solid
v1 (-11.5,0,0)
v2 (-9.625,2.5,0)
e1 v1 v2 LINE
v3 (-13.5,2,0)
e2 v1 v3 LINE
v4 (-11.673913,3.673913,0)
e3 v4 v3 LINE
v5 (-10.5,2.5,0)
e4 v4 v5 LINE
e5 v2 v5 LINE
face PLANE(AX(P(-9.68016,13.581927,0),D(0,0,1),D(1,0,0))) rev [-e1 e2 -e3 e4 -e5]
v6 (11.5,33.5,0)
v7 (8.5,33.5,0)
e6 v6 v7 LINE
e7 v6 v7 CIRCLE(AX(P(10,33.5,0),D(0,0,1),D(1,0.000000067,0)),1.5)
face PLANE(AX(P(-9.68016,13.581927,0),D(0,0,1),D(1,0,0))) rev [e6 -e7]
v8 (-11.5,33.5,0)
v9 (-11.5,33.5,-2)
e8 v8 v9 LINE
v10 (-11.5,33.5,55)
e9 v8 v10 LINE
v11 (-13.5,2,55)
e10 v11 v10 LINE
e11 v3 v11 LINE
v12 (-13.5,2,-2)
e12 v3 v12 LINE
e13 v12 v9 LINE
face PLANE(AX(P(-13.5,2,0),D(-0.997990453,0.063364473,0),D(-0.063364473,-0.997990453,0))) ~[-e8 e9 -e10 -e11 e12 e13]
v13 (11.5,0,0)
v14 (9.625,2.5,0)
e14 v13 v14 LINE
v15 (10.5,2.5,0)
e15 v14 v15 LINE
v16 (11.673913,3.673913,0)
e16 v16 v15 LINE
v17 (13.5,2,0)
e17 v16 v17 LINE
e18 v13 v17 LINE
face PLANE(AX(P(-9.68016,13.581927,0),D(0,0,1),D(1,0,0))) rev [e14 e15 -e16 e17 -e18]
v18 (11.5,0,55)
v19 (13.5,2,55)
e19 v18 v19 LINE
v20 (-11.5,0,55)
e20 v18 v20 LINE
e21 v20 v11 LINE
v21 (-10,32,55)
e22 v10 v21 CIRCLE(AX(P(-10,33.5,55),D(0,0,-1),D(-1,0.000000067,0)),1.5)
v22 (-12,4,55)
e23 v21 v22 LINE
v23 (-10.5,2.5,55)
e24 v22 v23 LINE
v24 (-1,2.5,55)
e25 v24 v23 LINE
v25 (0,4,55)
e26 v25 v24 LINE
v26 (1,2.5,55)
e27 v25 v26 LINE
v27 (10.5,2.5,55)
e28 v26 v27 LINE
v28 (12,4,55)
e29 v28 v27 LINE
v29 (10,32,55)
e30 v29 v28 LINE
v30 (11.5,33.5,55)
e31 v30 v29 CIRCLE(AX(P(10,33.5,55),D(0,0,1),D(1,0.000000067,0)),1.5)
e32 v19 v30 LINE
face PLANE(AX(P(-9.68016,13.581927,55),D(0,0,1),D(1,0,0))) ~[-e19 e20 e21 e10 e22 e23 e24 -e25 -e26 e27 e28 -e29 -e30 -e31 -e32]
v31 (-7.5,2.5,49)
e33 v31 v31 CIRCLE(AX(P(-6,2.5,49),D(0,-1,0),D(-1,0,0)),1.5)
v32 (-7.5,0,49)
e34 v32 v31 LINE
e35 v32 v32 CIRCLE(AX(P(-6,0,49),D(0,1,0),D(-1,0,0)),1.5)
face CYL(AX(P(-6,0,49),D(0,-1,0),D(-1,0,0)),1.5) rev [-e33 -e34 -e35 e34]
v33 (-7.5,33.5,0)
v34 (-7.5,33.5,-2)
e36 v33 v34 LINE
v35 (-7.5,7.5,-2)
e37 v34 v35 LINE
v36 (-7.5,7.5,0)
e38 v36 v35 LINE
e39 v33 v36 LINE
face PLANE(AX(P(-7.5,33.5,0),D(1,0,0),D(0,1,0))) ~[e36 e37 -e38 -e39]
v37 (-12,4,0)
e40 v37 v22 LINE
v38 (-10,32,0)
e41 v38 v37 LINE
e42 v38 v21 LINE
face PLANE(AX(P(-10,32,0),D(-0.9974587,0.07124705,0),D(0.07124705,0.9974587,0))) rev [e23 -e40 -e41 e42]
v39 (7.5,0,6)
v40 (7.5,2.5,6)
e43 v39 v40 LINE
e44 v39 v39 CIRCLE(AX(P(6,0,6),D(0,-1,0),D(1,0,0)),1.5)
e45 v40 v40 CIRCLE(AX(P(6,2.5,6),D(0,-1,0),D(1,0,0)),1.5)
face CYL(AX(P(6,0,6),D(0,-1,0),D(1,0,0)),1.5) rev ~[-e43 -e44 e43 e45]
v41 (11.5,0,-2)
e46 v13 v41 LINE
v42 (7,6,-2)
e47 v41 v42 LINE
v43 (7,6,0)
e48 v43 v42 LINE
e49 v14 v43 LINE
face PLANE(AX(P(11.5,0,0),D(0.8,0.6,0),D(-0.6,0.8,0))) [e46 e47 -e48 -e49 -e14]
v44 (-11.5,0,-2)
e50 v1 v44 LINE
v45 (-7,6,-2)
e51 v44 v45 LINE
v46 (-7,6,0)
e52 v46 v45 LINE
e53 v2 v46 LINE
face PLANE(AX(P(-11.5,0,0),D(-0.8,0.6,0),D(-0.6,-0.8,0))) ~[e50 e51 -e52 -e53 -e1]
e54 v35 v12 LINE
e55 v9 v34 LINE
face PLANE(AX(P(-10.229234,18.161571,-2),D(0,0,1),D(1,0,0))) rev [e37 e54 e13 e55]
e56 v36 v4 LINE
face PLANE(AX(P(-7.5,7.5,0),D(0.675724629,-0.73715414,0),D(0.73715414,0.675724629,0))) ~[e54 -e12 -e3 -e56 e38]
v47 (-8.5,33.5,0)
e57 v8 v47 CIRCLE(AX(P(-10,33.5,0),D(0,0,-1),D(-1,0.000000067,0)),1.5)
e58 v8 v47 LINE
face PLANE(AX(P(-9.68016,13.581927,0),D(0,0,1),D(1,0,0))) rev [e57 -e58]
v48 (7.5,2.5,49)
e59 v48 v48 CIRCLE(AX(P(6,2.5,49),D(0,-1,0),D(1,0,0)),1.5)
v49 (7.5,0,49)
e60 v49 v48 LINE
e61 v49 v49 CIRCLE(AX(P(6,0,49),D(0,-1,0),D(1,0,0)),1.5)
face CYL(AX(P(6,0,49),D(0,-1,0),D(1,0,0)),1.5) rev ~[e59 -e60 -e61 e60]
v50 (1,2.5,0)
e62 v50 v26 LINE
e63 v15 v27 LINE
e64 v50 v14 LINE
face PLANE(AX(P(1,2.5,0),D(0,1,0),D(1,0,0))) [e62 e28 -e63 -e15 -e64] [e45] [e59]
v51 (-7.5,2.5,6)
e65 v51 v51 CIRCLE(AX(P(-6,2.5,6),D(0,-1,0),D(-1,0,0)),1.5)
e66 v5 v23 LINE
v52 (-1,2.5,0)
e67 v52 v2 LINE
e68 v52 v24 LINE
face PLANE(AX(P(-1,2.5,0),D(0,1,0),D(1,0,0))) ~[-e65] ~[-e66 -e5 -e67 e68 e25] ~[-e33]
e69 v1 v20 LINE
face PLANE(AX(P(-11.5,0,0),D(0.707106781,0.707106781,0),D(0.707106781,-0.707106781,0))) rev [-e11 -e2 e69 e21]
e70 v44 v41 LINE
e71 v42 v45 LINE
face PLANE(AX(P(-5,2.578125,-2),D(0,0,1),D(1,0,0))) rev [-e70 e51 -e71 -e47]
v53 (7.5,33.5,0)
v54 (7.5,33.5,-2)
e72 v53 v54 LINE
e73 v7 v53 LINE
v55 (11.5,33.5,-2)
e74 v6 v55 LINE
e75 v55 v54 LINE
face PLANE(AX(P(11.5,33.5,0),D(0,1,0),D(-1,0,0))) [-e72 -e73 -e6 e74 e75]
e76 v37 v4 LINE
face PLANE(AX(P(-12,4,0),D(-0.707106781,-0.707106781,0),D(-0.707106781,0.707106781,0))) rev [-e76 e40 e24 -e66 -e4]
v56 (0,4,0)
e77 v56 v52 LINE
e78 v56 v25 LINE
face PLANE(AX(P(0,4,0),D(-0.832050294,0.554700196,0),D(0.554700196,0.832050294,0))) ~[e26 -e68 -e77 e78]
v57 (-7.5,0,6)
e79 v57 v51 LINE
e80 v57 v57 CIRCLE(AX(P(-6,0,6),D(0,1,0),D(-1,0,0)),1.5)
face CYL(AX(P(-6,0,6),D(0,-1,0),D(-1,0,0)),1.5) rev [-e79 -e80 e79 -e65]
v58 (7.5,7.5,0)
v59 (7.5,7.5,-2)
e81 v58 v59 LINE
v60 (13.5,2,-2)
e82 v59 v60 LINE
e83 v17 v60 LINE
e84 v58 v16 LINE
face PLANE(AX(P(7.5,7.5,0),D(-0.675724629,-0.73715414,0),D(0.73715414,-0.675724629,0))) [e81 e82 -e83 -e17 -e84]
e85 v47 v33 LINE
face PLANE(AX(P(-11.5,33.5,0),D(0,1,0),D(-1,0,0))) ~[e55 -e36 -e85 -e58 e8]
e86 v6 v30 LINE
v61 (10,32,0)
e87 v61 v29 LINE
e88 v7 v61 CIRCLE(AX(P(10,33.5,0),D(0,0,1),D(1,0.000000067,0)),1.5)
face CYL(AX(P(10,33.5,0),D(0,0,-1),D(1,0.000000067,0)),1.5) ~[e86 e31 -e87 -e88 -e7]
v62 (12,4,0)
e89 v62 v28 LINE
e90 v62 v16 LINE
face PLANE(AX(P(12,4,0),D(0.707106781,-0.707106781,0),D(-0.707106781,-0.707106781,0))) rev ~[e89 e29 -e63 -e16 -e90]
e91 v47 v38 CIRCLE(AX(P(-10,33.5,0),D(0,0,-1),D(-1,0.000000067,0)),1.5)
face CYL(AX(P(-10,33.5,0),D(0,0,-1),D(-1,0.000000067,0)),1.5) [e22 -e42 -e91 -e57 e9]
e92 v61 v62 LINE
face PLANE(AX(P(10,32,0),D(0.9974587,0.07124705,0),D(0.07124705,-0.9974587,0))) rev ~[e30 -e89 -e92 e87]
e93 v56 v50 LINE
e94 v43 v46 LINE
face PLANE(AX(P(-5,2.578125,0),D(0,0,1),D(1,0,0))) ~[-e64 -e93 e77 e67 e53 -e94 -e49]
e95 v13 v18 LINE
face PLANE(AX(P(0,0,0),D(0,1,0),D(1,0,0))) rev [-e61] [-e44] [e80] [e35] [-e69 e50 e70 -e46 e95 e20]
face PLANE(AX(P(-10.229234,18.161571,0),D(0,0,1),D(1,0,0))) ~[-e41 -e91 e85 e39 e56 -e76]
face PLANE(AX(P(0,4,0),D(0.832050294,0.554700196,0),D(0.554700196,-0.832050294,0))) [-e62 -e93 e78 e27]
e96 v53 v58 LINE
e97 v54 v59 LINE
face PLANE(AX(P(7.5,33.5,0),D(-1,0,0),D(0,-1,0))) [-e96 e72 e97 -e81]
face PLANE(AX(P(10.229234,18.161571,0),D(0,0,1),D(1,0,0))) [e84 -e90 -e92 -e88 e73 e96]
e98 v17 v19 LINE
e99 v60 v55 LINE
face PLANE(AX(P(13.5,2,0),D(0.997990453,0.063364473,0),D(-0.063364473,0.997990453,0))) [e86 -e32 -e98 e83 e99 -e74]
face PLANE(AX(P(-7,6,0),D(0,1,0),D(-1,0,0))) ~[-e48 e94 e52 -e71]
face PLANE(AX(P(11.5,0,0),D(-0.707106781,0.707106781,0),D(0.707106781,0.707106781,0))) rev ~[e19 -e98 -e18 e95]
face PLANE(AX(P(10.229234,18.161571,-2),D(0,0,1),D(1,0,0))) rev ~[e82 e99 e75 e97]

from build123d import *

# Parameters (mm, degrees)
PAD_DEPTH    = 55
PAD001_DEPTH = 2
SKETCH001_R  = 1.5
POCKET_DEPTH = 179.264648


with BuildPart() as part:
    # Sketch → Pad (new body)
    with BuildSketch(Plane.XY):
        with BuildLine():
            Line((11.5, 0), (13.5, 2))
            Line((13.5, 2), (11.5, 33.5))
            ThreePointArc((11.5, 33.5), (8.93934, 34.56066), (10, 32))
            Line((10, 32), (12, 4))
            Line((12, 4), (10.5, 2.5))
            Line((1, 2.5), (10.5, 2.5))
            Line((0, 4), (1, 2.5))
            Line((0, 4), (0, 0))
            Line((0, 0), (11.5, 0))
        make_face()
    pad = extrude(amount=PAD_DEPTH)

    # Mirrored: Pad across Sketch V_Axis
    add(pad.mirror(Plane(origin=(0, 0, 0), x_dir=(0, 0, 1), z_dir=(1, 0, 0))))

    # Sketch002 → Pad001 (join)
    with BuildSketch(Plane.XY):
        Polygon((11.5, 33.5), (7.5, 33.5), (7.5, 7.5), (13.5, 2), align=None)
        Polygon((11.5, 0), (7, 6), (0, 6), (0, 0), align=None)
    pad001 = extrude(amount=-PAD001_DEPTH)

    # Mirrored001: Pad001 across Sketch002 V_Axis
    add(pad001.mirror(Plane(origin=(0, 0, 0), x_dir=(0, 0, 1), z_dir=(1, 0, 0))))

    # Sketch001 → Pocket (cut, through all)
    with BuildSketch(Plane.XZ):
        with Locations((6, 6)):
            Circle(SKETCH001_R)
        with Locations((6, 49)):
            Circle(SKETCH001_R)
    pocket = extrude(amount=-POCKET_DEPTH, mode=Mode.SUBTRACT)

    # Mirrored002: Pocket across Sketch001 V_Axis
    add(pocket.mirror(Plane(origin=(0, 0, 0), x_dir=(0, -1, 0), z_dir=(1, 0, 0))), mode=Mode.SUBTRACT)


solid = part.part
